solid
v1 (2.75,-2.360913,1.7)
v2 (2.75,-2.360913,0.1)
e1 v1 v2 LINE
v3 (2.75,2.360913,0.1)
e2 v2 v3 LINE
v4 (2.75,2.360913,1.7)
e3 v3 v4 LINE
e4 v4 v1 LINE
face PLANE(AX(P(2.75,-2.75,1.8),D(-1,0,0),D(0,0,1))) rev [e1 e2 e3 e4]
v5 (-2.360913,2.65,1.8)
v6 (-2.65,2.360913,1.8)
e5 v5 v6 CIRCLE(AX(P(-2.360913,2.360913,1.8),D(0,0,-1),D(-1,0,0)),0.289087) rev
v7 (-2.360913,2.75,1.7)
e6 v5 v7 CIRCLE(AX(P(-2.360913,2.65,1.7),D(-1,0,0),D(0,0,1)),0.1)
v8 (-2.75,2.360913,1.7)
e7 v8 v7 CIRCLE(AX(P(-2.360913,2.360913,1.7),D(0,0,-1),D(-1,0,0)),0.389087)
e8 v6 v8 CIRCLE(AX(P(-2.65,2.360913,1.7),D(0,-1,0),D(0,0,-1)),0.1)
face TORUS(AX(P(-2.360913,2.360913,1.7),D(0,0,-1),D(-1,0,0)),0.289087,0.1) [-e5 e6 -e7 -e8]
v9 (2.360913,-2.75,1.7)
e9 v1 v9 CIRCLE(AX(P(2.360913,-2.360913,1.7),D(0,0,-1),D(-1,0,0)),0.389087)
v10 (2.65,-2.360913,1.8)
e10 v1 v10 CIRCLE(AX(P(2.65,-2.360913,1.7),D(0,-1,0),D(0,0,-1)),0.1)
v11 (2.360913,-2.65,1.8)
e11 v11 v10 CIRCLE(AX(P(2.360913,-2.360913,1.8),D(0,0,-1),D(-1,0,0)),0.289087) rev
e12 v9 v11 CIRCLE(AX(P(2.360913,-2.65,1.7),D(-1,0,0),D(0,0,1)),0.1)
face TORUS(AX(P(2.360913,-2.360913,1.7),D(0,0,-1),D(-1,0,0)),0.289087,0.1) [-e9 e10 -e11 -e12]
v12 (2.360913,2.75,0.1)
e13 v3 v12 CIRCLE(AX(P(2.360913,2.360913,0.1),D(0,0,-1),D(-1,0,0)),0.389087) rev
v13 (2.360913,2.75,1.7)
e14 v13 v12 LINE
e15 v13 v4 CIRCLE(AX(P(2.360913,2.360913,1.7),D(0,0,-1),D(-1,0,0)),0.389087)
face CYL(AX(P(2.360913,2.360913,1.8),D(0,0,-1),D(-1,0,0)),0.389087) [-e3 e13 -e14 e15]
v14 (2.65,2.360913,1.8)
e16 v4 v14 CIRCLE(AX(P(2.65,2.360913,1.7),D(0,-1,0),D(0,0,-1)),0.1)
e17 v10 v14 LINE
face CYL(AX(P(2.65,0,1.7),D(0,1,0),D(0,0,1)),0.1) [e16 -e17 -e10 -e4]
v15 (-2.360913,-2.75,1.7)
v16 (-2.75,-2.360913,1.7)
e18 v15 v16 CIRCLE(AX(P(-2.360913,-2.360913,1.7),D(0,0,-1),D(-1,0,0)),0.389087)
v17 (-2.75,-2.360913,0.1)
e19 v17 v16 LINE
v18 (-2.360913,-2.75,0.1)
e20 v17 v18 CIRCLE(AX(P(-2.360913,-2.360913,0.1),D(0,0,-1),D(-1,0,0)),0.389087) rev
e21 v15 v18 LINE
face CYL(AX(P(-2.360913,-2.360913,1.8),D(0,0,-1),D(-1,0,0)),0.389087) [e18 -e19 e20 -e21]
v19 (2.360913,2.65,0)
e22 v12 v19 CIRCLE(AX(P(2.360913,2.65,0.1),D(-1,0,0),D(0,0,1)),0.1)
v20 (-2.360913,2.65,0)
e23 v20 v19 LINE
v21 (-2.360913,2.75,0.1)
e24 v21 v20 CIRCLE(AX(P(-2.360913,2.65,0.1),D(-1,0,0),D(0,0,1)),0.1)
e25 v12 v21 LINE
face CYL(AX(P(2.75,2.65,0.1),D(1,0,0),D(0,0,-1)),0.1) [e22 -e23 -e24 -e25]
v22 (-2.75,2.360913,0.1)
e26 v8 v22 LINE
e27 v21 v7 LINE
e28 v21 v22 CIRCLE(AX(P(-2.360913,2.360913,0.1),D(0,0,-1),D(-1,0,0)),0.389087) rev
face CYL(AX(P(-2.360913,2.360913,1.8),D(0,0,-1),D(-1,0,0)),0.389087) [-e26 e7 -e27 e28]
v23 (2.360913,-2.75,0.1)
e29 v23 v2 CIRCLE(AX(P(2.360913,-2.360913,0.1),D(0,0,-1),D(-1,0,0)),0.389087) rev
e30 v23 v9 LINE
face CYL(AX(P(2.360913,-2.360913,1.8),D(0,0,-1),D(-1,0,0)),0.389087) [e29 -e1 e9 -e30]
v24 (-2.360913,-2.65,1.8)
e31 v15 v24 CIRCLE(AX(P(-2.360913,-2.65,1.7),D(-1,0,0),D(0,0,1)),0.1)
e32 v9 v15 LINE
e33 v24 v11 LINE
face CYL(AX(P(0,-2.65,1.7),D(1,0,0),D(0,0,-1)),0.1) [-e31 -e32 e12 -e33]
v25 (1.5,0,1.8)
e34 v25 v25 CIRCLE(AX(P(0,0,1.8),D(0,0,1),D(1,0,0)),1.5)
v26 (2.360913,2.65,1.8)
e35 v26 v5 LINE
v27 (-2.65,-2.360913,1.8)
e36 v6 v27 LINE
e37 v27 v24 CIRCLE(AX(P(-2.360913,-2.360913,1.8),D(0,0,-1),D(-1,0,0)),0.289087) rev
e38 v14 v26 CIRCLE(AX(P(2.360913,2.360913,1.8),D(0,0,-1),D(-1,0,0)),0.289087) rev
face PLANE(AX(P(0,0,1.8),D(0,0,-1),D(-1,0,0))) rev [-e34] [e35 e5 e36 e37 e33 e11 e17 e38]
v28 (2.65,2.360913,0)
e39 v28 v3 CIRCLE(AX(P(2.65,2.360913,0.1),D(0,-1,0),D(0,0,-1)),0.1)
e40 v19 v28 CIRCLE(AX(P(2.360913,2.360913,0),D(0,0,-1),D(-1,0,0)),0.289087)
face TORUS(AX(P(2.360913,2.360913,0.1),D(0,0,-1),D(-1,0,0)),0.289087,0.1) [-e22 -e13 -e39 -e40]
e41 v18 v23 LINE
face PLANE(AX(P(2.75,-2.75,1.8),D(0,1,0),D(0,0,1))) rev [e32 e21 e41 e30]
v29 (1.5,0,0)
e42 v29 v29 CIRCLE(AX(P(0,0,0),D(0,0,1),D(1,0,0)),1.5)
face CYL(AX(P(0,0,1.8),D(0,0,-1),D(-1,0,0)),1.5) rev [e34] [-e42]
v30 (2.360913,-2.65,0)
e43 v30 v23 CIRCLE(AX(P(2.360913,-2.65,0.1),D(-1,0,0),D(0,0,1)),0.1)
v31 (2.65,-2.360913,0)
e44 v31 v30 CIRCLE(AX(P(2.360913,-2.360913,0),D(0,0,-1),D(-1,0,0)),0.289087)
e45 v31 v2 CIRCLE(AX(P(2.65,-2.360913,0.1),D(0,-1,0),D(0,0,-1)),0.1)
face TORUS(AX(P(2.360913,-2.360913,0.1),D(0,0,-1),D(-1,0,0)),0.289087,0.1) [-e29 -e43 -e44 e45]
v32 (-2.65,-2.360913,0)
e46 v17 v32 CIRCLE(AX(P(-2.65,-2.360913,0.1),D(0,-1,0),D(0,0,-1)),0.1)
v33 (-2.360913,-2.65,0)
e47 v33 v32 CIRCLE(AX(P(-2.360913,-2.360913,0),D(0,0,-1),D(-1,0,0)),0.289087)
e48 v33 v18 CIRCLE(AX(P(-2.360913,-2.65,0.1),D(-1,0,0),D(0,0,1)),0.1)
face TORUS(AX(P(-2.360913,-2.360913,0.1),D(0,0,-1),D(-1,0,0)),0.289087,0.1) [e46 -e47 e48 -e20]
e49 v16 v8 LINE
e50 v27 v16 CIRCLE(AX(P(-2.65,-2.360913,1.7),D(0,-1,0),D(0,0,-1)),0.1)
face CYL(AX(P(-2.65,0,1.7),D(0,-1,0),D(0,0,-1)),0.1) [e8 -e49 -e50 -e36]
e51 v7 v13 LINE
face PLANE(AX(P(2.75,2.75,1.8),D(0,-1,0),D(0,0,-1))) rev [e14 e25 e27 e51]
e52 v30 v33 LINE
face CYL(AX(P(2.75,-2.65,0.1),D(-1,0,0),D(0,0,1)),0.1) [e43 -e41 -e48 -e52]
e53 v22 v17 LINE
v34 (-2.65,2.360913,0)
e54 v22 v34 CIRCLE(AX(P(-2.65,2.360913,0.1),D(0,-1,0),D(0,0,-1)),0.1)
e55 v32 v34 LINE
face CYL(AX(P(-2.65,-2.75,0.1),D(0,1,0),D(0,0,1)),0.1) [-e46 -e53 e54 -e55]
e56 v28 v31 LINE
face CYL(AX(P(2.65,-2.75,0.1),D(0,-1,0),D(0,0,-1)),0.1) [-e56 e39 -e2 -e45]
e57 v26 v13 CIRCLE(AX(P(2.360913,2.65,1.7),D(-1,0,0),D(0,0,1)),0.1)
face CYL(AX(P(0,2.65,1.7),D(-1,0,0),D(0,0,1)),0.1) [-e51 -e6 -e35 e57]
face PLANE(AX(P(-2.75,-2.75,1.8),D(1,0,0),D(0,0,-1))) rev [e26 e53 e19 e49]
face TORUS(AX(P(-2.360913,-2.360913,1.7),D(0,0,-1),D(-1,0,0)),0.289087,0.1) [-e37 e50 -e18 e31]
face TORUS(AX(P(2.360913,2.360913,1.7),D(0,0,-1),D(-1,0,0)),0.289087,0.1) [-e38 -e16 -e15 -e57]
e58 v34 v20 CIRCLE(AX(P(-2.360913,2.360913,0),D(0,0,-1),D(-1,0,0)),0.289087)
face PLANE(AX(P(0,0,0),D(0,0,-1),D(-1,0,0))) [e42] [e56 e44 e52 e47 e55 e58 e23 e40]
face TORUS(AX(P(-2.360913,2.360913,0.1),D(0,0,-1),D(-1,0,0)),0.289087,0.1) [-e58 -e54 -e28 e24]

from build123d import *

# Parameters (mm, degrees)
SKETCH1_W           = 5.5
SKETCH1_H           = 5.5
SKETCH1_R           = 1.5
BOSS_EXTRUDE1_DEPTH = 1.8
FILLET1_R           = 0.389087297
FILLET2_R           = 0.1


with BuildPart() as part:
    # Sketch1 → Boss-Extrude1 (new body)
    with BuildSketch(Plane(origin=(0, 0, 0), x_dir=(0, 1, 0), z_dir=(0, 0, 1))):
        Rectangle(SKETCH1_W, SKETCH1_H)
        Circle(SKETCH1_R, mode=Mode.SUBTRACT)
    extrude(amount=BOSS_EXTRUDE1_DEPTH)

    # Fillet1
    fillet1_edges = [part.edges().sort_by_distance(p)[0] for p in [
        (2.75, 2.75, 0.9),
        (2.75, -2.75, 0.9),
        (-2.75, -2.75, 0.9),
        (-2.75, 2.75, 0.9),
    ]]
    fillet(fillet1_edges, radius=FILLET1_R)

    # Fillet2
    fillet2_edges = [part.edges().sort_by_distance(p)[0] for p in [
        (0, -2.75, 0),
        (0, -2.75, 1.8),
        (0, 2.75, 0),
        (2.75, 0, 0),
        (-2.75, 0, 0),
        (2.636038969, -2.636038969, 0),
        (2.636038969, 2.636038969, 0),
        (-2.636038969, 2.636038969, 0),
        (-2.636038969, -2.636038969, 0),
        (-2.75, 0, 1.8),
        (0, 2.75, 1.8),
        (2.75, 0, 1.8),
        (2.636038969, -2.636038969, 1.8),
        (2.636038969, 2.636038969, 1.8),
        (-2.636038969, 2.636038969, 1.8),
        (-2.636038969, -2.636038969, 1.8),
    ]]
    fillet(fillet2_edges, radius=FILLET2_R)


solid = part.part
